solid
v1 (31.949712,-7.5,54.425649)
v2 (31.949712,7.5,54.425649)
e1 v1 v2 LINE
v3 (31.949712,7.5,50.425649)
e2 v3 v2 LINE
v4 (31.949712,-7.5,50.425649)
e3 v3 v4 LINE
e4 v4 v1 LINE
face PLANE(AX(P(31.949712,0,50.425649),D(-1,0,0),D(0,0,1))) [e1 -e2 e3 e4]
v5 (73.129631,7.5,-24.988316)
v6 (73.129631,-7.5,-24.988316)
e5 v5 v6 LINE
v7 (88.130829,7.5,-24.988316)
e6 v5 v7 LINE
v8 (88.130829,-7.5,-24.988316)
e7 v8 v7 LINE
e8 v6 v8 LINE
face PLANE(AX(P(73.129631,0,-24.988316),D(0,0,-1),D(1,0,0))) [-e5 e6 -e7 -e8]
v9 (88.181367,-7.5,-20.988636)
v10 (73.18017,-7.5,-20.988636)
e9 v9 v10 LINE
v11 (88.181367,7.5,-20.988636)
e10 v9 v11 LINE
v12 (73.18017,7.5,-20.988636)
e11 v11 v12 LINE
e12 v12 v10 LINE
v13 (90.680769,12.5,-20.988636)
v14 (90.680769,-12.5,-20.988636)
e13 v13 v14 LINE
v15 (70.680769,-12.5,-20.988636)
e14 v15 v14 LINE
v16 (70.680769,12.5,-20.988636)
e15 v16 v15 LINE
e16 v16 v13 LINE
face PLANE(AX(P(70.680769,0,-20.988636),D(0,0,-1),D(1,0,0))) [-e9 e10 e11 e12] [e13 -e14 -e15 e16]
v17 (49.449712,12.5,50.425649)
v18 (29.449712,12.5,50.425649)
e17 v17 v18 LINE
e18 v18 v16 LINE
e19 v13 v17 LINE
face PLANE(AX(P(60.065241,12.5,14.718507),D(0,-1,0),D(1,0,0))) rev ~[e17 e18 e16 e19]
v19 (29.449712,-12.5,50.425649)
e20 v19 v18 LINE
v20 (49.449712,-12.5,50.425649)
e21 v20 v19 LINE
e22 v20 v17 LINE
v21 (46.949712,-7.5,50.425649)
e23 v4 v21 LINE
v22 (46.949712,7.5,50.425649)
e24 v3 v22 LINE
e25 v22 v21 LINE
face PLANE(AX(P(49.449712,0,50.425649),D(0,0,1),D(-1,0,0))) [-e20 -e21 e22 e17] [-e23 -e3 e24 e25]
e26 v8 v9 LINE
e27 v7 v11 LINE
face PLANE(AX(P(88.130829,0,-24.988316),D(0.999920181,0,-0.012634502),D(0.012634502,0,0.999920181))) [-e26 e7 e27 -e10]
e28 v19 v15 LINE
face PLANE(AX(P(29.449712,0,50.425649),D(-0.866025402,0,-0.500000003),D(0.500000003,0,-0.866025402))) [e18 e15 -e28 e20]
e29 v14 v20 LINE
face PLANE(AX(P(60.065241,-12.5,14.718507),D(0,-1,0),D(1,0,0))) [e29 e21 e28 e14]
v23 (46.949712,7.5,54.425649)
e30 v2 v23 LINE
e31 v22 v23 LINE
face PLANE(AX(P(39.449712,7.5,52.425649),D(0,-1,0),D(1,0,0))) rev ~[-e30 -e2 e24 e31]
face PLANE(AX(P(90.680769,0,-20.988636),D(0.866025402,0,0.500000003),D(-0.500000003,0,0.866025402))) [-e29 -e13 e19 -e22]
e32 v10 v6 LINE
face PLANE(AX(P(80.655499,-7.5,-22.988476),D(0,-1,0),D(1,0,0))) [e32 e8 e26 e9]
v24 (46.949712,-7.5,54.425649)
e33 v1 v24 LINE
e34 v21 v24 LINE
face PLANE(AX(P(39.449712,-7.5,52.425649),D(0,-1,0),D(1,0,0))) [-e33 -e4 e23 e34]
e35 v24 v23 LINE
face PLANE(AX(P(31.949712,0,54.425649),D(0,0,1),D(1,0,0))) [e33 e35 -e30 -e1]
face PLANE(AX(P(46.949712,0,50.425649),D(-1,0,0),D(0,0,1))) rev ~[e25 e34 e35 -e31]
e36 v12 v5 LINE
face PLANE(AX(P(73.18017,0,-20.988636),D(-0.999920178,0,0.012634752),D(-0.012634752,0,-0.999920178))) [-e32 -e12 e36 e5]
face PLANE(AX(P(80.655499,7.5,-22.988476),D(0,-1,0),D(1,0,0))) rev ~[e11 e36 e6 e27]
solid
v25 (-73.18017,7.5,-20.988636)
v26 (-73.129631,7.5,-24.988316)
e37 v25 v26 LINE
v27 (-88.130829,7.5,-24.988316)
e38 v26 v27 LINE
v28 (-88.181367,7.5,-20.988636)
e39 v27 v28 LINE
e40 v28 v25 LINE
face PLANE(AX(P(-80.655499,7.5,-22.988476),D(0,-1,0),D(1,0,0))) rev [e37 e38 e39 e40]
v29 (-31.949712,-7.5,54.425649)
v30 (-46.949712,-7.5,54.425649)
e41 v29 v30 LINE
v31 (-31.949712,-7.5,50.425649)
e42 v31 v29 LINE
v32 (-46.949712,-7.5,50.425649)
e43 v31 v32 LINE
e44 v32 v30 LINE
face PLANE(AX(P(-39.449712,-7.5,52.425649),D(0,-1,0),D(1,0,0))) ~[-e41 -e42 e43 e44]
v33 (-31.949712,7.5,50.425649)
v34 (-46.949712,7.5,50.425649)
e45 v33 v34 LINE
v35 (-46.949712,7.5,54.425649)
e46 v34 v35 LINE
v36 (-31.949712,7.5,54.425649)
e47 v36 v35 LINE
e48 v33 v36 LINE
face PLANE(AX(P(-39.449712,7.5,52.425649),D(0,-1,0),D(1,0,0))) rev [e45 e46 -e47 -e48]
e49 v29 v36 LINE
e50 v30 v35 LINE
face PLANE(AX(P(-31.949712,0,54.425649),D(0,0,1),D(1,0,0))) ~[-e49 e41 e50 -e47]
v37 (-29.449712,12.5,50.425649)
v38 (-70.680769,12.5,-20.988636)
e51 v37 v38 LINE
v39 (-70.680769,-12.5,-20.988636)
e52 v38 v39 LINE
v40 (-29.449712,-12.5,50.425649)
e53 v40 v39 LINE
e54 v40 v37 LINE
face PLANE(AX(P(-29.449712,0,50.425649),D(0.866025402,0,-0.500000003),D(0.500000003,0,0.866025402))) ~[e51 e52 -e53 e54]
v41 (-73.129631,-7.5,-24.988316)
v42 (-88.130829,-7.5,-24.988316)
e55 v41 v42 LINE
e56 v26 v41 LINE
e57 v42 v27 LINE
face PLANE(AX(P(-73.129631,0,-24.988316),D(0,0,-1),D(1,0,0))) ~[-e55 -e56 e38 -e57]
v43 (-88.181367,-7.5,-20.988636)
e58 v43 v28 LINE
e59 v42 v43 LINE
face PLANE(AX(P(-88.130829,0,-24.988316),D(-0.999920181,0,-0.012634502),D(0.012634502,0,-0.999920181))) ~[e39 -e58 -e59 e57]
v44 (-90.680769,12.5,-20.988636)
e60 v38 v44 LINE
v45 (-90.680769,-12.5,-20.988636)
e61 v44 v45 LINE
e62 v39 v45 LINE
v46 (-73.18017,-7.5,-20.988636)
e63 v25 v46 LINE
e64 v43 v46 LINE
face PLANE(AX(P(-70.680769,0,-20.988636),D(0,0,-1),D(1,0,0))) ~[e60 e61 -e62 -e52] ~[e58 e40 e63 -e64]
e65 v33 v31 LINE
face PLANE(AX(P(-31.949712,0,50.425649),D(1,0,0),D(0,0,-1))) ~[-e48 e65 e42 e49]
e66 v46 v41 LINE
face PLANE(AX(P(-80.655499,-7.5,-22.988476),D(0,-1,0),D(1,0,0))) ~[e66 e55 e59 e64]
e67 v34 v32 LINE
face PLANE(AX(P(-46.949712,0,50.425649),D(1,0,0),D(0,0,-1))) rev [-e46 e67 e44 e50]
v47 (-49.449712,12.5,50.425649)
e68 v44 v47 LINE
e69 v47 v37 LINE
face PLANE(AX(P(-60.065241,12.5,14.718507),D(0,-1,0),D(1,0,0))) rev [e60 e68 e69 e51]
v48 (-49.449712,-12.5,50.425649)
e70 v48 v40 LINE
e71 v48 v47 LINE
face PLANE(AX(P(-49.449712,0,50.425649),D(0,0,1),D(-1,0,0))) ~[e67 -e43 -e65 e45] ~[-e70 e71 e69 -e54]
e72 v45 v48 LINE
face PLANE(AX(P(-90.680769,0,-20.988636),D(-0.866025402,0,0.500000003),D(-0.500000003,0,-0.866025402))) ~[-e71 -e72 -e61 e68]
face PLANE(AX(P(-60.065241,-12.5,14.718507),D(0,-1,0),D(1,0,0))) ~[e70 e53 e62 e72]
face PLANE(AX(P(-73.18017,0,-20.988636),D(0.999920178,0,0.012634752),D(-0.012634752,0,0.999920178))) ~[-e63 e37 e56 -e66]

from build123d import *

# Parameters (mm, degrees)
F1_DEPTH = 12.5
F0_W     = 15
F0_H     = 4
F2_DEPTH = 7.5


with BuildPart() as f1:
    # F0 (on Front) → F1 (new body, symmetric)
    with BuildSketch(Plane.XZ):
        Polygon((31.949712, 50.425649), (29.449712, 50.425649), (70.680769, -20.988636), (73.18017, -20.988636), (88.181367, -20.988636), (90.680769, -20.988636), (49.449712, 50.425649), (46.949712, 50.425649), align=None)
    extrude(amount=F1_DEPTH, both=True)

    # F0 (on Front) → F2 (join, symmetric)
    with BuildSketch(Plane.XZ):
        with Locations((39.449712, 52.425649)):
            Rectangle(F0_W, F0_H)
        Polygon((88.181367, -20.988636), (73.18017, -20.988636), (73.129631, -24.988316), (88.130829, -24.988316), align=None)
    extrude(amount=F2_DEPTH, both=True)


with BuildPart() as f3_1:
    # F3: instance of F1
    add(f1.part.mirror(Plane.YZ))


solid = Compound([f1.part, f3_1.part])
